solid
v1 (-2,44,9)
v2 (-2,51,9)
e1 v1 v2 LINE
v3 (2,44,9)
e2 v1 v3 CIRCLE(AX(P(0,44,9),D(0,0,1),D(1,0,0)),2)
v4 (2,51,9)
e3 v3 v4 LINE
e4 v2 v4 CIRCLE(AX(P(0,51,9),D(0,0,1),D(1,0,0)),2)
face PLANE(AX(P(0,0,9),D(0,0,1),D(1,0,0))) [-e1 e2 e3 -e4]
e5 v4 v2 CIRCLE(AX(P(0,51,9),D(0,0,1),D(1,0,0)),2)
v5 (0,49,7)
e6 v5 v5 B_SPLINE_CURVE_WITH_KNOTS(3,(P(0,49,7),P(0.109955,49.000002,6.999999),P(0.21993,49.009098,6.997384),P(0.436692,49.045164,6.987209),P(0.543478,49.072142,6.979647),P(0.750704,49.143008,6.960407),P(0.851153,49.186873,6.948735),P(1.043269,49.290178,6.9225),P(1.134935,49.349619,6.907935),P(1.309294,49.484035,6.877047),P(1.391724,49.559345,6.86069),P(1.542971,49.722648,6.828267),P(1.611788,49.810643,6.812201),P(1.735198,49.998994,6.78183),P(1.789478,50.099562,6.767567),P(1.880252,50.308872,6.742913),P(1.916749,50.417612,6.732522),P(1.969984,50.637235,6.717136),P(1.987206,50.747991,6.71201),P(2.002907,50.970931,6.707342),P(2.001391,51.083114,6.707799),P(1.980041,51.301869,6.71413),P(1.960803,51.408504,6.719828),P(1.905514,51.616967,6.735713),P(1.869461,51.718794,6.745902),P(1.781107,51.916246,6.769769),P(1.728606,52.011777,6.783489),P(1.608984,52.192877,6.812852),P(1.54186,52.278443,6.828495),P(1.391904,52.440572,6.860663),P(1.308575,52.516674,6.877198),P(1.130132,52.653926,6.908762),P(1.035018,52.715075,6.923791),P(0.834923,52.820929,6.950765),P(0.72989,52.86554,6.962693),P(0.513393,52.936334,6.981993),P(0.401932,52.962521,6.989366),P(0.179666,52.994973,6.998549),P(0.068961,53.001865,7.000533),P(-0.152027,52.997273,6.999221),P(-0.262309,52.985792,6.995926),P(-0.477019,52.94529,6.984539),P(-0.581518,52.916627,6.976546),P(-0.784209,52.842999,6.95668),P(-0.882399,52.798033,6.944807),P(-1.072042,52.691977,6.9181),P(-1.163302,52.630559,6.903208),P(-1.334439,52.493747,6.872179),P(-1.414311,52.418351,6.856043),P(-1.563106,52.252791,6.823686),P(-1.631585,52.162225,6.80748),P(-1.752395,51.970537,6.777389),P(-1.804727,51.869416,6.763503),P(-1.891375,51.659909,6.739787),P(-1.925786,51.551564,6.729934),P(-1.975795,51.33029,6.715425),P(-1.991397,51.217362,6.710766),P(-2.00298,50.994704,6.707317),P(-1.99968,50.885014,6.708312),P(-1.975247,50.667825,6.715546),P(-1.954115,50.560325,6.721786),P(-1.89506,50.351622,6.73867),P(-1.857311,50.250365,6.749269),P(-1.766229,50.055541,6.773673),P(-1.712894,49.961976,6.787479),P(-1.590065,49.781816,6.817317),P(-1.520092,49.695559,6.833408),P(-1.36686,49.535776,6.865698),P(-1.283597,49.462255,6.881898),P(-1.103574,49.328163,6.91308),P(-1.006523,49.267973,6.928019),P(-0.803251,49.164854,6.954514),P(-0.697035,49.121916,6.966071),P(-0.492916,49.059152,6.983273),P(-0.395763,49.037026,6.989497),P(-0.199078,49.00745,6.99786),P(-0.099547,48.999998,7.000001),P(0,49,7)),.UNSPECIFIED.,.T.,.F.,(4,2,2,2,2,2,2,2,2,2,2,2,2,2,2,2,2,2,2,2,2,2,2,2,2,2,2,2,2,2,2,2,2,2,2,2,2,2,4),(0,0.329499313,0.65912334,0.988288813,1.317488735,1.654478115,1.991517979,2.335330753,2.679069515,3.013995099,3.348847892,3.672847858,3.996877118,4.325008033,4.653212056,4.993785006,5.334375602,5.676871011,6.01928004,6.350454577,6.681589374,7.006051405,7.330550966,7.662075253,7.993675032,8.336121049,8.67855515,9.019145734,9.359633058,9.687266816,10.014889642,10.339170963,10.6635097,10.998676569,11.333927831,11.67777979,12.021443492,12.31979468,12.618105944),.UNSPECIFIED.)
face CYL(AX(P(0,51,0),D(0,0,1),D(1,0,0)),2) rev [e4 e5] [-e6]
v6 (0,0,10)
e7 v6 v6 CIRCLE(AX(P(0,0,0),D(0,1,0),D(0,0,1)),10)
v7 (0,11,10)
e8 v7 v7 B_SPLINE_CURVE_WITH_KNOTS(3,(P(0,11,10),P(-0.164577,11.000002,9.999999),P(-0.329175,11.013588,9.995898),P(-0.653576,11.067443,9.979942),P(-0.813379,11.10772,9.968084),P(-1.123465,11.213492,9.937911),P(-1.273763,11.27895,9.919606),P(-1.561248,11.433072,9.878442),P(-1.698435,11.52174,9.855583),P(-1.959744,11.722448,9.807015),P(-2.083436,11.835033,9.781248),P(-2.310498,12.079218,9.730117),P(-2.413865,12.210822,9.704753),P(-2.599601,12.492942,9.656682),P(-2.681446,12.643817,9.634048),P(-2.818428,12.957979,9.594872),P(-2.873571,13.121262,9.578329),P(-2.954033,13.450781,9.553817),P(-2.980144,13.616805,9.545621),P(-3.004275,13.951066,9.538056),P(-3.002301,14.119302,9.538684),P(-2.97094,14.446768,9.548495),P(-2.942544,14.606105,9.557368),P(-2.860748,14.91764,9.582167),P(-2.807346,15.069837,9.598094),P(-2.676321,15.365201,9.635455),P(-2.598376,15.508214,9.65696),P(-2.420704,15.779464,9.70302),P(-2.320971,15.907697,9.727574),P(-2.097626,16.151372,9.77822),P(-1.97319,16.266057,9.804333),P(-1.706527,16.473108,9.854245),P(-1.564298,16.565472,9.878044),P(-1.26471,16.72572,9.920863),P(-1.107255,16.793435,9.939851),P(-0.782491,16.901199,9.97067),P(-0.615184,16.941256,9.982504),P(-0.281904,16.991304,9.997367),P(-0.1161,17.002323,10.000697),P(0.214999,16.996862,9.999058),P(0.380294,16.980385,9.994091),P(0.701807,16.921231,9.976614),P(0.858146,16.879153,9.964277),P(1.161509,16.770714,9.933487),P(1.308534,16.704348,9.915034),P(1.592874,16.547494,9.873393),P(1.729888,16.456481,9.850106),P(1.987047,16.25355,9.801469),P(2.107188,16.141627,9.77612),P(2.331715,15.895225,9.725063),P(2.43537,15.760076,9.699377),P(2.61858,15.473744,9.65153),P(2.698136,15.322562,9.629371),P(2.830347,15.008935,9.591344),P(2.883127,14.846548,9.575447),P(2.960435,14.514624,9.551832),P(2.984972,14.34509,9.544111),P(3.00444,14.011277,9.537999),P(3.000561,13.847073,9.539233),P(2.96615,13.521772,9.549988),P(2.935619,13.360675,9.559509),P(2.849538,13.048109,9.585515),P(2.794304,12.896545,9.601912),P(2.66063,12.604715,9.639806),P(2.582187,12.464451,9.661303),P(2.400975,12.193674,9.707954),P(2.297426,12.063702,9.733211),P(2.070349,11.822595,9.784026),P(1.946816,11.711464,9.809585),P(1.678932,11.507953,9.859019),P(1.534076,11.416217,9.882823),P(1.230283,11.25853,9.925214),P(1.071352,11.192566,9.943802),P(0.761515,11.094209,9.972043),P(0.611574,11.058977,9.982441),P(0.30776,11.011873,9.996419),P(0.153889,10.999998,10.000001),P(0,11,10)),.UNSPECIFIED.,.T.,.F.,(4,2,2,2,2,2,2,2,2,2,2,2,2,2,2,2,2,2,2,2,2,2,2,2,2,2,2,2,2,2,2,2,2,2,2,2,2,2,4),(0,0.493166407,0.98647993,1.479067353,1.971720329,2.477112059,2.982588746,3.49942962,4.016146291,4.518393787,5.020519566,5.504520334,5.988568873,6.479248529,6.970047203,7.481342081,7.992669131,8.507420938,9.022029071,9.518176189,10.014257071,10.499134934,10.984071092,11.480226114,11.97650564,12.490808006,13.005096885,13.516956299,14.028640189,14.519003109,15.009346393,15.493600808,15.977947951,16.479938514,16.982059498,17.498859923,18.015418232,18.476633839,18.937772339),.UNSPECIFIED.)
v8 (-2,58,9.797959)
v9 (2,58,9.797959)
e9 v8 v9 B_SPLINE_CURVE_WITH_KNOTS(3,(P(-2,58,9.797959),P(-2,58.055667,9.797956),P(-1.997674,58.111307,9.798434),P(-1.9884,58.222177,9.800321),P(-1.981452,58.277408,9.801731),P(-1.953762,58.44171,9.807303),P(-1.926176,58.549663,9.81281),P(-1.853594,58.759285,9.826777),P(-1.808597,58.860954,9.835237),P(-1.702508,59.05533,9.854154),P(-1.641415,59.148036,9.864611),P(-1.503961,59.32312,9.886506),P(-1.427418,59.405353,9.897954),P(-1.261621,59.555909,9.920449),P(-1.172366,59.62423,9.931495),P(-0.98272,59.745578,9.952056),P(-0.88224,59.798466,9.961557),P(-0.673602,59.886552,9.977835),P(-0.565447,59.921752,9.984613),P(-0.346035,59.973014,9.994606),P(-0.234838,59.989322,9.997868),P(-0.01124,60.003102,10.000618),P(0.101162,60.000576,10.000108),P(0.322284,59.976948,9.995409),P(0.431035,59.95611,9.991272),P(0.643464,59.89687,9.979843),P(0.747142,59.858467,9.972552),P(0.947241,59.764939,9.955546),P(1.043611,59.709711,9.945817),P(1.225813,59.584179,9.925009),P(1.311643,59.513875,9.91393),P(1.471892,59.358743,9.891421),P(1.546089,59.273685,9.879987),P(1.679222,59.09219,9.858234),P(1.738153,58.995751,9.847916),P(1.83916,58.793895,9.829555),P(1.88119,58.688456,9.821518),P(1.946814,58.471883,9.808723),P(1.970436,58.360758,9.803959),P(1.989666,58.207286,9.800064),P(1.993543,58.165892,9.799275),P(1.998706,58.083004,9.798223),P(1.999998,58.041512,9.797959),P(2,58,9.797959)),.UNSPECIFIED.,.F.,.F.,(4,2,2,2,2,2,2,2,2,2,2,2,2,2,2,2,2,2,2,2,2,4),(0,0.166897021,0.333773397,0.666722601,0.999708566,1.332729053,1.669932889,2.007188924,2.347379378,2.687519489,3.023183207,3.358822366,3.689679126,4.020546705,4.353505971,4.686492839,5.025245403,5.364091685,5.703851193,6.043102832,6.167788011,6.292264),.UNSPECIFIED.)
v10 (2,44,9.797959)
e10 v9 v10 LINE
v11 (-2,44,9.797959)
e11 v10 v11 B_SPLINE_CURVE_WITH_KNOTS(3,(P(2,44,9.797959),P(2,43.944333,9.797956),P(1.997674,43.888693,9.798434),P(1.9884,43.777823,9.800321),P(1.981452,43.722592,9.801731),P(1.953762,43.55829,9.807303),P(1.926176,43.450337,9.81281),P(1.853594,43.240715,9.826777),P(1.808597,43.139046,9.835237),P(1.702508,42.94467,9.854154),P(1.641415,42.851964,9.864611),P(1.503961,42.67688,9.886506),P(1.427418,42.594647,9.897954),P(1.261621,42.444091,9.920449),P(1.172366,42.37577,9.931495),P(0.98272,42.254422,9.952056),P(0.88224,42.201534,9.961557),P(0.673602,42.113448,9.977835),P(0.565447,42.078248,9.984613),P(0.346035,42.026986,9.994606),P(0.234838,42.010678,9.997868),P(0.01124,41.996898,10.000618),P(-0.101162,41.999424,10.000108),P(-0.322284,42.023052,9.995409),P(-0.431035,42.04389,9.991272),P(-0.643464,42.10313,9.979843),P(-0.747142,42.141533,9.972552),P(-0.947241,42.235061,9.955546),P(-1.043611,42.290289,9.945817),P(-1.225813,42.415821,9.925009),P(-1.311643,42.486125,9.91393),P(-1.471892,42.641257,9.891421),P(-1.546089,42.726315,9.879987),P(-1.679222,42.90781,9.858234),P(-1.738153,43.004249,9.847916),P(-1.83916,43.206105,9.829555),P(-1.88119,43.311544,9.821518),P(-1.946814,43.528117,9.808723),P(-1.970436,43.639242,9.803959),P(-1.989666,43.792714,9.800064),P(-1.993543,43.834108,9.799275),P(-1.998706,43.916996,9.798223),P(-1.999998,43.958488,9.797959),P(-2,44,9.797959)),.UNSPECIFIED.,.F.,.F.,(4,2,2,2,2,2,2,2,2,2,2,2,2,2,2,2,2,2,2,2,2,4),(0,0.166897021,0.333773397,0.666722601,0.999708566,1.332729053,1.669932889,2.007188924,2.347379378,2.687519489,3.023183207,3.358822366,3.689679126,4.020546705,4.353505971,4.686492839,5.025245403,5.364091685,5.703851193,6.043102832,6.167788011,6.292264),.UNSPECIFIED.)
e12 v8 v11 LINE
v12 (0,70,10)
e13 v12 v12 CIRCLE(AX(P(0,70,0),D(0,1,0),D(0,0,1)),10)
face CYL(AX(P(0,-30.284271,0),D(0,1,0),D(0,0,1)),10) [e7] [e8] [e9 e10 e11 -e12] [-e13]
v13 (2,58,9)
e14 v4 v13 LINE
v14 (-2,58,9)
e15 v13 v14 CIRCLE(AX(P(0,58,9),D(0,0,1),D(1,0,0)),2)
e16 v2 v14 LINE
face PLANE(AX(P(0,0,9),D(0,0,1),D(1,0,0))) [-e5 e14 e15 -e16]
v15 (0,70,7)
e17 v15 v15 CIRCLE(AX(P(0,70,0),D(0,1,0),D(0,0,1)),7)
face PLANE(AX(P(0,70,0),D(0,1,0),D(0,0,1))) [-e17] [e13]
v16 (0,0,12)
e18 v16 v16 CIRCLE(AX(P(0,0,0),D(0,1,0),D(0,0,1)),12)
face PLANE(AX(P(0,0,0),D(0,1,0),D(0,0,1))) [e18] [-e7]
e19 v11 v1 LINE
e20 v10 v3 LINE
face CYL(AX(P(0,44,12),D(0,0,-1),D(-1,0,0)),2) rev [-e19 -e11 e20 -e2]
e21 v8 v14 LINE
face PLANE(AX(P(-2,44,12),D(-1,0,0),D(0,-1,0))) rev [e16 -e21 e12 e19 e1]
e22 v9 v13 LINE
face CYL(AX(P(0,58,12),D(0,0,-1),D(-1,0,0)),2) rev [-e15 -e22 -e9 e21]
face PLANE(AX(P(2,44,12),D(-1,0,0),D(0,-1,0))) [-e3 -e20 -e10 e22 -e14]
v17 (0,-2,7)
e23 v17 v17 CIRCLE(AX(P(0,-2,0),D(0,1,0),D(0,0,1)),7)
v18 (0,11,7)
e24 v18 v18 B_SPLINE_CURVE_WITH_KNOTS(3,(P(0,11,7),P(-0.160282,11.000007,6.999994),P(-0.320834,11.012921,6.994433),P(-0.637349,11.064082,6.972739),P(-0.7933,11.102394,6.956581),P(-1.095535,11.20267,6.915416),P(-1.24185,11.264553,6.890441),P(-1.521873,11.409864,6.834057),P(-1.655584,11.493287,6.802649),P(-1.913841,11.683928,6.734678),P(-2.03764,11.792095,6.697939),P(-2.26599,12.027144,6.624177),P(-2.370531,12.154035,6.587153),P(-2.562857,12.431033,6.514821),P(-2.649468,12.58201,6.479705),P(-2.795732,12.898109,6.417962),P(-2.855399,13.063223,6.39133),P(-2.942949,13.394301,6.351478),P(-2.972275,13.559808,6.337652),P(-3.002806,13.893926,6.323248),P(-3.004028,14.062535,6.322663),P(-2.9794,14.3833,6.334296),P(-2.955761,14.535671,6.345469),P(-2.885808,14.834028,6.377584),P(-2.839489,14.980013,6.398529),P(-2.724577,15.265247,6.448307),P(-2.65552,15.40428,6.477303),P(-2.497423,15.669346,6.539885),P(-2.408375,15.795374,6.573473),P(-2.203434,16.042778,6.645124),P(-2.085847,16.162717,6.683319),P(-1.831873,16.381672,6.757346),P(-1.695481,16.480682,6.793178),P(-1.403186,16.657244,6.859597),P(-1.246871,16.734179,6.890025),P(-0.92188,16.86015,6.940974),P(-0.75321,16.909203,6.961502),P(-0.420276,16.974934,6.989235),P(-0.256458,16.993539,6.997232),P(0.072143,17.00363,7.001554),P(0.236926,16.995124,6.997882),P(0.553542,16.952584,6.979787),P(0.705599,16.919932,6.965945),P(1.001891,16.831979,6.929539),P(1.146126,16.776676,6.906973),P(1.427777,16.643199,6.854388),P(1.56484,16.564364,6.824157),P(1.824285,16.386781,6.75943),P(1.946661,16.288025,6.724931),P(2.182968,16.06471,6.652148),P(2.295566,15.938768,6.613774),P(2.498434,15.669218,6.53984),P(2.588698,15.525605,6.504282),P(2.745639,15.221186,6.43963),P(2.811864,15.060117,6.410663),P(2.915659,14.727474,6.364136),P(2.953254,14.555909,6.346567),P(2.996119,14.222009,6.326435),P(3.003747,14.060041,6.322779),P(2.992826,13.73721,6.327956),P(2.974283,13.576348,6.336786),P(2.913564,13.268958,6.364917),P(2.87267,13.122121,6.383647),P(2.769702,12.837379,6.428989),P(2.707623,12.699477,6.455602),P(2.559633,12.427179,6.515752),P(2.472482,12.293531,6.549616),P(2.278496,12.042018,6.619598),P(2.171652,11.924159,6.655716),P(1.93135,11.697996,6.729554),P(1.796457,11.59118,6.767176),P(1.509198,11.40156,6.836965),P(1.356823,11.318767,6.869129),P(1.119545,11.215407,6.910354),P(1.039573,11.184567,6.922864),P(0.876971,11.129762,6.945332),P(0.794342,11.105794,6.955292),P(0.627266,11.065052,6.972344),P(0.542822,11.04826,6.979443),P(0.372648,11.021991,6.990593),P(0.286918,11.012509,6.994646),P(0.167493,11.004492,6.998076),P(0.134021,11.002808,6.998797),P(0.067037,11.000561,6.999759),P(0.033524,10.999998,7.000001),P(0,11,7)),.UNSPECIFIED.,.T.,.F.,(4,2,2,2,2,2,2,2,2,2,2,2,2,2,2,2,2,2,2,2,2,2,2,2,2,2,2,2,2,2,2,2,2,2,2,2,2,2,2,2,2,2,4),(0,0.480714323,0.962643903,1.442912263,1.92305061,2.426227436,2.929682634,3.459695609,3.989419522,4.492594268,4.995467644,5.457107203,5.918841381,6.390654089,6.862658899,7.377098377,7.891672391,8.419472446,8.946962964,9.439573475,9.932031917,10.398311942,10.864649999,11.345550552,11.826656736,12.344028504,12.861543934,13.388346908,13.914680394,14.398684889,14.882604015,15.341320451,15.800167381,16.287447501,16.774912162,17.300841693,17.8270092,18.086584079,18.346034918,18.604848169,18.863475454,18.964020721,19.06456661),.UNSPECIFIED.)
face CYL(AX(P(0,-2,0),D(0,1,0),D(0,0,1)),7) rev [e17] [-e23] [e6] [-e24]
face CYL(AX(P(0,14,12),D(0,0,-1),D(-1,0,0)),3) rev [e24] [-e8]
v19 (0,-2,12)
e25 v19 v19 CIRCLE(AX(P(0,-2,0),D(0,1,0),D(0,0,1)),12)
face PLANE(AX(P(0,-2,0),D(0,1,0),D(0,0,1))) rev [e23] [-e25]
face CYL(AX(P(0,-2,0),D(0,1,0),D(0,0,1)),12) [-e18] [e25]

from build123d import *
from build123d.topology import SkipClean

# Parameters (mm, degrees)
SKETCH2_R                = 12
SKETCH2_R_2              = 10
BOSS_EXTRUDE1_DEPTH      = 2
BOSS_EXTRUDE2_DEPTH      = 70
BOSS_EXTRUDE2_DEPTH_BACK = 2
SKETCH2_2_R              = 10
SKETCH3_R                = 7
CUT_EXTRUDE1_DEPTH       = 74.972968036
SKETCH4_R                = 3
CUT_EXTRUDE2_DEPTH       = 73.027772421
SKETCH4_4_R              = 2
CUT_EXTRUDE3_DEPTH       = 73.027772519
CUT_EXTRUDE4_DEPTH       = 73.027772519
BOSS_EXTRUDE3_DEPTH      = 9
CUT_EXTRUDE5_DEPTH       = 74.972968133
SKETCH6_R                = 2
CUT_EXTRUDE6_DEPTH       = 9


with BuildPart() as part:
    # Sketch2 → Boss-Extrude1 (new body)
    with BuildSketch(Plane(origin=(0, 0, 0), x_dir=(1, 0, 0), z_dir=(0, 1, 0))):
        with Locations(Location((0, 0, 0), (0, 0, 270))):
            Circle(SKETCH2_R)
        with Locations(Location((0, 0, 0), (0, 0, 270))):
            Circle(SKETCH2_R_2, mode=Mode.SUBTRACT)
    extrude(amount=-BOSS_EXTRUDE1_DEPTH)

    # Sketch2<2> → Boss-Extrude2 (add, two sides: drawn at the far end of the back side and taken through both)
    with BuildSketch(Plane(origin=(0, 0, 0), x_dir=(1, 0, 0), z_dir=(0, 1, 0)).offset(-BOSS_EXTRUDE2_DEPTH_BACK)):
        with Locations(Location((0, 0, 0), (0, 0, 270))):
            Circle(SKETCH2_2_R)
    extrude(amount=BOSS_EXTRUDE2_DEPTH + BOSS_EXTRUDE2_DEPTH_BACK)

    # Sketch3 → Cut-Extrude1 (cut, through all)
    with BuildSketch(Plane(origin=(0, 70, 0), x_dir=(1, 0, 0), z_dir=(0, 1, 0))):
        with Locations(Location((0, 0, 0), (0, 0, 270))):
            Circle(SKETCH3_R)
    extrude(amount=-CUT_EXTRUDE1_DEPTH, mode=Mode.SUBTRACT)

    # Sketch4 → Cut-Extrude2 (cut, through all)
    with BuildSketch(Plane.XY):
        with Locations(Location((0, 14, 0), (0, 0, 270))):
            Circle(SKETCH4_R)
    extrude(amount=CUT_EXTRUDE2_DEPTH, mode=Mode.SUBTRACT)

    # Sketch4<4> → Cut-Extrude3 (cut, through all)
    with BuildSketch(Plane.XY):
        with Locations(Location((0, 51, 0), (0, 0, 90))):
            Circle(SKETCH4_4_R)
    extrude(amount=CUT_EXTRUDE3_DEPTH, mode=Mode.SUBTRACT)

    # Sketch4<6> → Cut-Extrude4 (cut, through all)
    with BuildSketch(Plane.XY):
        with BuildLine():
            Line((-2, 44), (-2, 58))
            ThreePointArc((-2, 58), (0, 60), (2, 58))
            Line((2, 58), (2, 44))
            ThreePointArc((2, 44), (0, 42), (-2, 44))
        make_face()
    extrude(amount=CUT_EXTRUDE4_DEPTH, mode=Mode.SUBTRACT)

    # Sketch4<7> → Boss-Extrude3 (add)
    with BuildSketch(Plane.XY):
        with BuildLine():
            Line((-2, 44), (-2, 58))
            ThreePointArc((-2, 58), (0, 60), (2, 58))
            Line((2, 58), (2, 44))
            ThreePointArc((2, 44), (0, 42), (-2, 44))
        make_face()
    extrude(amount=BOSS_EXTRUDE3_DEPTH)

    # Sketch5 → Cut-Extrude5 (cut, through all)
    with BuildSketch(Plane(origin=(0, 70, 0), x_dir=(1, 0, 0), z_dir=(0, 1, 0))):
        with BuildLine():
            Line((3.011686508, -6.318998685), (3.944683927, 2.018210381))
            Line((3.944683927, 2.018210381), (-3.137399774, 2.238378786))
            Line((-3.137399774, 2.238378786), (-2.673709916, -6.469256161))
            ThreePointArc((-2.673709916, -6.469256161), (0.184936128, -6.997556618), (3.011686508, -6.318998685))
        make_face()
    extrude(amount=-CUT_EXTRUDE5_DEPTH, mode=Mode.SUBTRACT)

    # Sketch6 → Cut-Extrude6 (cut)
    with SkipClean():  # the faces are left unmerged after this step: merging them gives an invalid solid
        with BuildSketch(Plane.XY.offset(9)):
            with Locations((0, 51)):
                Circle(SKETCH6_R)
        extrude(amount=-CUT_EXTRUDE6_DEPTH, mode=Mode.SUBTRACT)


solid = part.part
